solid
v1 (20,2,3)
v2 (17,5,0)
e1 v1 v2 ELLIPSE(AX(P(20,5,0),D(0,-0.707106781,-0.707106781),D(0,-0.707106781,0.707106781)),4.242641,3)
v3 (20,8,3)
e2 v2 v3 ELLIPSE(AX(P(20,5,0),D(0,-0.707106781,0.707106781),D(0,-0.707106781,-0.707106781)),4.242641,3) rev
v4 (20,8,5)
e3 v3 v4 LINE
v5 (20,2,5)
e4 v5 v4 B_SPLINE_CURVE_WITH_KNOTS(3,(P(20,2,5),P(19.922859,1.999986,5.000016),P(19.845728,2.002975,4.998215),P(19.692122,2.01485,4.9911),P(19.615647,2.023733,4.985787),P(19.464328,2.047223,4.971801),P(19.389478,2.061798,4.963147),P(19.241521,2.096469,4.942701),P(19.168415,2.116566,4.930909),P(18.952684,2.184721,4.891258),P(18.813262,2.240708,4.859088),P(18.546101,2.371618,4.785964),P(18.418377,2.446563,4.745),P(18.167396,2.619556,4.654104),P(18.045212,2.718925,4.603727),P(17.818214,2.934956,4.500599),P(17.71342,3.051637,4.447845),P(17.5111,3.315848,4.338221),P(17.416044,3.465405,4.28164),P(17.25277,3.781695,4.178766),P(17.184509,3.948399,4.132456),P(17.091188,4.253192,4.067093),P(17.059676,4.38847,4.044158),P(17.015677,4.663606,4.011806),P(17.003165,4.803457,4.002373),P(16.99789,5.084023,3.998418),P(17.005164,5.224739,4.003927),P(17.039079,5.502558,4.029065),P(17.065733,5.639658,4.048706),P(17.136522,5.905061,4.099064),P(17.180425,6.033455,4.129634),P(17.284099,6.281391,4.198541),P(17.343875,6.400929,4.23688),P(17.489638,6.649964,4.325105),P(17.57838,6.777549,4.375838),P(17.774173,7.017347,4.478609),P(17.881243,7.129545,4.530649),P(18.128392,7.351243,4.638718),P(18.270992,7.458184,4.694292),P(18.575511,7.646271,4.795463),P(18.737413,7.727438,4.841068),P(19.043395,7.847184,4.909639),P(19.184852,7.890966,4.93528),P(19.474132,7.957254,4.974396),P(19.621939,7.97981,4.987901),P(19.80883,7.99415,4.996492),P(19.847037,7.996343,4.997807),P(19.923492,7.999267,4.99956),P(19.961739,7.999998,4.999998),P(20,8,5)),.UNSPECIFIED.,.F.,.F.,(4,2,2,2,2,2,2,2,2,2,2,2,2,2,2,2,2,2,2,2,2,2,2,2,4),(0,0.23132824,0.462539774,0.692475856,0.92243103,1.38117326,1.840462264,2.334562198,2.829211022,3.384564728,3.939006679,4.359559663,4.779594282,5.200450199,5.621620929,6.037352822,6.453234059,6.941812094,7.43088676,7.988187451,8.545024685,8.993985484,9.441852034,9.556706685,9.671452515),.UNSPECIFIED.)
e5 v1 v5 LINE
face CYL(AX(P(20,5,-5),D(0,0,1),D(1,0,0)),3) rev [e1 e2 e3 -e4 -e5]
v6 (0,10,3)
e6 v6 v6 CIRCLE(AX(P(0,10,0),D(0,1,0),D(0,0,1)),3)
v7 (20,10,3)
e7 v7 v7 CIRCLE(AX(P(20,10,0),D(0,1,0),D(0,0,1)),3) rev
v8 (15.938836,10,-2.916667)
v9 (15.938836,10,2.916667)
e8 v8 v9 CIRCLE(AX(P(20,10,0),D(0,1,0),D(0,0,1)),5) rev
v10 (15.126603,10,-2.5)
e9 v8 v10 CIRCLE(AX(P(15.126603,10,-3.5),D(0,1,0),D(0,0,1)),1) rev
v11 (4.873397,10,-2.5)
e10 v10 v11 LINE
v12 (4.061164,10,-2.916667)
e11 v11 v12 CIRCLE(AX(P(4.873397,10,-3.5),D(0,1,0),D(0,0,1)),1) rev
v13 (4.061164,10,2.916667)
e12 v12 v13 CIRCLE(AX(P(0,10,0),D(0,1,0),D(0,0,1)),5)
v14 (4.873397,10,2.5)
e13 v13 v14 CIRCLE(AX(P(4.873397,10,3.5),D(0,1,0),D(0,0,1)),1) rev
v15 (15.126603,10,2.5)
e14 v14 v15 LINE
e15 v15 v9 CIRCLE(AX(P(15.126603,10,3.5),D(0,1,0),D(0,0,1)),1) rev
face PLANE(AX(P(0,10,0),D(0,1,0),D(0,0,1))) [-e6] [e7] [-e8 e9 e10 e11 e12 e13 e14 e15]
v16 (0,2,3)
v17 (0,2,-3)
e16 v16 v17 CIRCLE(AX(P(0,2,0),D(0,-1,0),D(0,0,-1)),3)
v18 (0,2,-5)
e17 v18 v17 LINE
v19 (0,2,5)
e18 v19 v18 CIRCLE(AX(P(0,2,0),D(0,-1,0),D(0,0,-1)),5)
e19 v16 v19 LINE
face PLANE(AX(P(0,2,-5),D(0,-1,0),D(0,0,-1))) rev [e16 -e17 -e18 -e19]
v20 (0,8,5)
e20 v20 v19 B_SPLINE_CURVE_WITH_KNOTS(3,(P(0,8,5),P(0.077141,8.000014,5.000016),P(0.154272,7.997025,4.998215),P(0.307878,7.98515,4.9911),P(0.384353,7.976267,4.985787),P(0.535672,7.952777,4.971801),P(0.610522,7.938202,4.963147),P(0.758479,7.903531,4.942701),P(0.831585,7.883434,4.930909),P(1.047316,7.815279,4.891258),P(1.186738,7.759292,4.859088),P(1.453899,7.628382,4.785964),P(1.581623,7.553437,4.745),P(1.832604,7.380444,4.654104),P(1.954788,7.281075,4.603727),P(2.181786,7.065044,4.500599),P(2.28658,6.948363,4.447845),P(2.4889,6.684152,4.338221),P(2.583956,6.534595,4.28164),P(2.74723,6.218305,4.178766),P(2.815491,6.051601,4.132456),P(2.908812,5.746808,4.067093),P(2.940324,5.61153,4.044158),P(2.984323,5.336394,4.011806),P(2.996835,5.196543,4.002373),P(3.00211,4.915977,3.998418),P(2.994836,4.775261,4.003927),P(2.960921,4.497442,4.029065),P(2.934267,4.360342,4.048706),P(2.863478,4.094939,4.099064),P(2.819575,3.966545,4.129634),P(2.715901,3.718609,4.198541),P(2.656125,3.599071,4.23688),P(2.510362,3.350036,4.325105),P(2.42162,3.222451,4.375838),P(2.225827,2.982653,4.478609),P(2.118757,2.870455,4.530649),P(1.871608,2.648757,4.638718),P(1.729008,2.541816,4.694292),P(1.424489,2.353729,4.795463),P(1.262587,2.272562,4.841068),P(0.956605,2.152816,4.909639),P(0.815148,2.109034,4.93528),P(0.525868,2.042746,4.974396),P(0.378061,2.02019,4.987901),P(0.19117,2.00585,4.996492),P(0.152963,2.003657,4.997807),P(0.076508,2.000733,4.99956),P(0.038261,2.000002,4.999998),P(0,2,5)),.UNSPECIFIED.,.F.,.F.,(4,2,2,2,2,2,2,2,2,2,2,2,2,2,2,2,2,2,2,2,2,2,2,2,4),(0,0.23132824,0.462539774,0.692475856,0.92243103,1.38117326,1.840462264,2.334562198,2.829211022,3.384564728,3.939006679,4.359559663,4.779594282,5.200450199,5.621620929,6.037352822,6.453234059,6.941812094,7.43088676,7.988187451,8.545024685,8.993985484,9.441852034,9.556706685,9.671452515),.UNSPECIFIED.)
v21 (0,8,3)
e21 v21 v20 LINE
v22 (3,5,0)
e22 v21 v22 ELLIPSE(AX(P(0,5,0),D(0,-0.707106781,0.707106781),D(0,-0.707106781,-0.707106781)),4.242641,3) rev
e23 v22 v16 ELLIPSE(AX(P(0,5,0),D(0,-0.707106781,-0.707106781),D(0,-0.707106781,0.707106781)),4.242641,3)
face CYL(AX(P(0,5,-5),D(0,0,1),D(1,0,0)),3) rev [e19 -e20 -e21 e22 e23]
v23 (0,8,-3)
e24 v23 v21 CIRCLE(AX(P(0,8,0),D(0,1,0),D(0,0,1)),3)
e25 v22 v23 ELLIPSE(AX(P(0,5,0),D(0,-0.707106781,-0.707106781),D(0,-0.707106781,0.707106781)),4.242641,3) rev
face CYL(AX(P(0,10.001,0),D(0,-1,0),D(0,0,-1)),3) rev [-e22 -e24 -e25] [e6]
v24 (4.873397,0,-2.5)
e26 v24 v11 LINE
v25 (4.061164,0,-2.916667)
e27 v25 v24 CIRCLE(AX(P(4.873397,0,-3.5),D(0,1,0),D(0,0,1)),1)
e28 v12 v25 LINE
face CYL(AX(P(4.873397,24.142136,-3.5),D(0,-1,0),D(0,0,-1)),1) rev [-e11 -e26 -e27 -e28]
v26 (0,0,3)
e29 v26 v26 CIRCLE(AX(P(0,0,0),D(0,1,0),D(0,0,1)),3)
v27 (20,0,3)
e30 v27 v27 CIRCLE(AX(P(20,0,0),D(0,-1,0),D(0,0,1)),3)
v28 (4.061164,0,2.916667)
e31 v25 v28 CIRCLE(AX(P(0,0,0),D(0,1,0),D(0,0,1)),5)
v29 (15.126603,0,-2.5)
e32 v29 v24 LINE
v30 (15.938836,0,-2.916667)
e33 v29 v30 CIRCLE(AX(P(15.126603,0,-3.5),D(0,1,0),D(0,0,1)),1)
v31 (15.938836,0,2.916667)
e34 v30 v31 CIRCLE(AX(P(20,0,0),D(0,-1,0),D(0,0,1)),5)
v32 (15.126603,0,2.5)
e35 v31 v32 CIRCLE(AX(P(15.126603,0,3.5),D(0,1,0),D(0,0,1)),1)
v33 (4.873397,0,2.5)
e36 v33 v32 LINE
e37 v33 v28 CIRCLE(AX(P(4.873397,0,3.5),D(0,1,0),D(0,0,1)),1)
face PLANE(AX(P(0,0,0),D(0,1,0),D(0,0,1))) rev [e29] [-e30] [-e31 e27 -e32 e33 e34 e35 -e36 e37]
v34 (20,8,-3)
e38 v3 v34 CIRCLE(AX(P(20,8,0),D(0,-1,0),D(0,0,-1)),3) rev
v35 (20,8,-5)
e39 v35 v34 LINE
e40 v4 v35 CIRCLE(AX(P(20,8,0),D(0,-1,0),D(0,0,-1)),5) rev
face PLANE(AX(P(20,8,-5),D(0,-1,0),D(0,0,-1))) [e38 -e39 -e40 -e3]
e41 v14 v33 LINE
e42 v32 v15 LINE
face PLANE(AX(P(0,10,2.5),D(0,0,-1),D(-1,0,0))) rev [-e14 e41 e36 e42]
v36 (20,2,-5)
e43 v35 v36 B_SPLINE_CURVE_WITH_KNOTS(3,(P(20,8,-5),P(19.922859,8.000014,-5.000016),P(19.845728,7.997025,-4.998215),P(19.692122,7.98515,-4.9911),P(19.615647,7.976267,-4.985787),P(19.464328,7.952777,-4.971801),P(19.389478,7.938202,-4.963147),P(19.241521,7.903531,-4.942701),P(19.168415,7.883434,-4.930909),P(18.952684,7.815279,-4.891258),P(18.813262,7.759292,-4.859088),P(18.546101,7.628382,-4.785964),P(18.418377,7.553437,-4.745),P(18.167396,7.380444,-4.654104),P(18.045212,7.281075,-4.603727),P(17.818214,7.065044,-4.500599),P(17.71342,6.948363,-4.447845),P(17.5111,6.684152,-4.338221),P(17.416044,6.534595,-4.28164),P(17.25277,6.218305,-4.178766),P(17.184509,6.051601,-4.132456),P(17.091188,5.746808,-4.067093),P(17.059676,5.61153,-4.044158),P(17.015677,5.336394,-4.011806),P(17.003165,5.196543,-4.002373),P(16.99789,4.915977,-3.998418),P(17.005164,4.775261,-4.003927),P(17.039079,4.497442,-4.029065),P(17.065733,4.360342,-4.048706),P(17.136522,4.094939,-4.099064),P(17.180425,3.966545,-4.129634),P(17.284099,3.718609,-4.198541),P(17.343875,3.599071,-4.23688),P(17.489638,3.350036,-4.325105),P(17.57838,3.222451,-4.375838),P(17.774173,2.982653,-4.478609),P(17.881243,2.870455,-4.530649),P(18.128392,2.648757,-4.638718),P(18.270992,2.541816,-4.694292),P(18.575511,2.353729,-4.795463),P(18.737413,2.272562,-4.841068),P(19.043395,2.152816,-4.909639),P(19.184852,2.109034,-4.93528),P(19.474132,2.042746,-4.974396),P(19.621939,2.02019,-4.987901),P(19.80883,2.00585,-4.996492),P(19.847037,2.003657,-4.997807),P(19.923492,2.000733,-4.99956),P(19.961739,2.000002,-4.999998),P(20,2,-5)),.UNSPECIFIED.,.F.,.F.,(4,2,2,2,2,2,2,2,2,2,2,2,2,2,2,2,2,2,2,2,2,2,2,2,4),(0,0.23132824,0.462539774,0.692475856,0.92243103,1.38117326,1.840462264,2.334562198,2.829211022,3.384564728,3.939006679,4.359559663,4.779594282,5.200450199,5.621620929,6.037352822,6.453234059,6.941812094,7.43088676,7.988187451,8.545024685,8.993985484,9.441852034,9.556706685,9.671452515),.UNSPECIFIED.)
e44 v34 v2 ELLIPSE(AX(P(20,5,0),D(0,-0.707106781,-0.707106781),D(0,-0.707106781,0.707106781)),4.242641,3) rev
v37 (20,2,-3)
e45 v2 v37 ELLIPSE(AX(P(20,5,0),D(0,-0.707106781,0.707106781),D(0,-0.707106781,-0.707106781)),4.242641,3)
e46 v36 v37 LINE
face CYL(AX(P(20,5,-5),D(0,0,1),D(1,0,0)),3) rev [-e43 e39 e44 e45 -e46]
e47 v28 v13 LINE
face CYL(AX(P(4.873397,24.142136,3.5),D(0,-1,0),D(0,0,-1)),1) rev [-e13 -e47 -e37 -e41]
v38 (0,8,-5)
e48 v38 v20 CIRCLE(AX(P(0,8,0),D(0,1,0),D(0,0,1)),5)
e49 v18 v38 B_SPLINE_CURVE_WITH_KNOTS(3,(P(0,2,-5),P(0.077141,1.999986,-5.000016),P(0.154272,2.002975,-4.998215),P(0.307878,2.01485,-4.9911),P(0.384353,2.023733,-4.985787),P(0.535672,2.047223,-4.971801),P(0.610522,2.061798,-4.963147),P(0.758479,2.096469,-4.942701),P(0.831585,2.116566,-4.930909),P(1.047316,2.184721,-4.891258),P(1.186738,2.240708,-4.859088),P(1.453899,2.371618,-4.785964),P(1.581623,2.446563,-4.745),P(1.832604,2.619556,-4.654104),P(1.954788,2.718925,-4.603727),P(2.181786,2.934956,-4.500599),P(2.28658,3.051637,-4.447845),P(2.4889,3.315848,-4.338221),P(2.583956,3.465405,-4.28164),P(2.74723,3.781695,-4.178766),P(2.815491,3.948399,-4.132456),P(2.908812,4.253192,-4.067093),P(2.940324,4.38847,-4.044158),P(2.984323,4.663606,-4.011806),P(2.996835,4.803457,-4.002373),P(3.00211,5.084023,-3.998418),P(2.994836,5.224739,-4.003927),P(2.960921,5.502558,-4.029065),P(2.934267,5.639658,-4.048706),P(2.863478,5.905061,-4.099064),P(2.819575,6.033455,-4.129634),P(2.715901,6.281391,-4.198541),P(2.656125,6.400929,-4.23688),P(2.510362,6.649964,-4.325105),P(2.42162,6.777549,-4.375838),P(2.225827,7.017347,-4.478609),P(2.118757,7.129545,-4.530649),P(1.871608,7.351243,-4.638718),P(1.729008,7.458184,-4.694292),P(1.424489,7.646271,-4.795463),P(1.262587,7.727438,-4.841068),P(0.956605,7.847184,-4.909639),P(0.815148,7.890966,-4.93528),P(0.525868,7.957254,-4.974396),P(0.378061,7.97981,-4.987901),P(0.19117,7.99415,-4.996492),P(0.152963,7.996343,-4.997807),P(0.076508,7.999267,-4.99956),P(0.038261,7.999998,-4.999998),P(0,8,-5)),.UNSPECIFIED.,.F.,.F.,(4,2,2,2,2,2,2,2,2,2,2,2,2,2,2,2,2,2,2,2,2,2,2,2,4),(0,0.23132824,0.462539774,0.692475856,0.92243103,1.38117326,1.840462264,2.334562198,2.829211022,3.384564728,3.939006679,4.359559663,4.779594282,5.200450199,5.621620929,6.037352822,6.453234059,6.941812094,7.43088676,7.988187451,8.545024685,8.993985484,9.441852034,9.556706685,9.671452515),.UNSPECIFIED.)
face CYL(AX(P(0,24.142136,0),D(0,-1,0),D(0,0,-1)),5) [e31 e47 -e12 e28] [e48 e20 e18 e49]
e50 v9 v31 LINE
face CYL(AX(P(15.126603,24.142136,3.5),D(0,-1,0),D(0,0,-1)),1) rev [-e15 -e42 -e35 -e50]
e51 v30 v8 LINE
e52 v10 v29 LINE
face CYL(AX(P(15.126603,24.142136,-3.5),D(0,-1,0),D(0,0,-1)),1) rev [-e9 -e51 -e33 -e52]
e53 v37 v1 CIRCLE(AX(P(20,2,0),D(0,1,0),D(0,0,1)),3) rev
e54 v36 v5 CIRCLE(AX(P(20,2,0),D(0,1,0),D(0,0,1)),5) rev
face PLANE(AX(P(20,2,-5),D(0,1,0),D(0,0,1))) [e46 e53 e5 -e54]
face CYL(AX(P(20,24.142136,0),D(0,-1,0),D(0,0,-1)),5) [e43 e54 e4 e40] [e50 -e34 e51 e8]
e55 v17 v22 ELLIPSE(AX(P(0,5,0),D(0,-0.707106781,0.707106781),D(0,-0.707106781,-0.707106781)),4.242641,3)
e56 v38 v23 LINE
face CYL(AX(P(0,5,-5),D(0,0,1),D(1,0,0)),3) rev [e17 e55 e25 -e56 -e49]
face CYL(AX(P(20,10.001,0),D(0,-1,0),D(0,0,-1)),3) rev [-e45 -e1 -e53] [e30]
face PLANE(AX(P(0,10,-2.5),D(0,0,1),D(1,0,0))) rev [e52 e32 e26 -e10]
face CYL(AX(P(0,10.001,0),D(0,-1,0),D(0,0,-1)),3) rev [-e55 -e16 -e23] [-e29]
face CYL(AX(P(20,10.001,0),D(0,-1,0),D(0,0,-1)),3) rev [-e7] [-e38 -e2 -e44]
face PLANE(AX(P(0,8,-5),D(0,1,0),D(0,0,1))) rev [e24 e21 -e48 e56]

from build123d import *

# Parameters (mm, degrees)
SKETCH1_W            = 10
SKETCH1_H            = 5
BOSS_EXTRUDE1_DEPTH  = 10
SKETCH2_R            = 5
BOSS_EXTRUDE2_DEPTH  = 10
CUT_EXTRUDE1_REACH   = 17
SKETCH3_R            = 3
CUT_EXTRUDE2_DEPTH   = 16
FILLET1_R            = 1
FILLET1_OF_MIRROR1_R = 1


with BuildPart() as part:
    # Sketch1 → Boss-Extrude1 (new body)
    with BuildSketch(Plane(origin=(0, 0, 0), x_dir=(1, 0, 0), z_dir=(0, 1, 0))):
        with Locations((5, 0)):
            Rectangle(SKETCH1_W, SKETCH1_H)
    boss_extrude1 = extrude(amount=BOSS_EXTRUDE1_DEPTH)

    # Sketch2 → Boss-Extrude2 (add)
    with BuildSketch(Plane(origin=(0, 0, 0), x_dir=(1, 0, 0), z_dir=(0, 1, 0))):
        Circle(SKETCH2_R)
    boss_extrude2 = extrude(amount=BOSS_EXTRUDE2_DEPTH)

    # Sketch3 → Cut-Extrude1 (cut, up to next)
    with BuildSketch(Plane(origin=(0, 0, 0), x_dir=(1, 0, 0), z_dir=(0, 1, 0)), mode=Mode.PRIVATE) as cut_extrude1_sk1:
        with Locations(Location((0, 0, 0), (0, 0, 270))):
            Circle(SKETCH3_R)
    cut_extrude1_tool1 = extrude(cut_extrude1_sk1.sketch, amount=CUT_EXTRUDE1_REACH, mode=Mode.PRIVATE) & part.part
    cut_extrude1 = cut_extrude1_tool1.solids().sort_by_distance((0, 0, 0))[0]
    add(cut_extrude1, mode=Mode.SUBTRACT)

    # Sketch4 → Cut-Extrude2 (cut, symmetric)
    with BuildSketch(Plane.XY):
        with BuildLine():
            Line((0, 8), (-5, 8))
            Line((-5, 8), (-5, 2))
            Line((-5, 2), (0, 2))
            ThreePointArc((0, 2), (3, 5), (0, 8))
        make_face()
    cut_extrude2 = extrude(amount=CUT_EXTRUDE2_DEPTH, both=True, mode=Mode.SUBTRACT)

    # Fillet1
    fillet1_edges = [part.edges().sort_by_distance(p)[0] for p in [
        (4.330127019, 5, 2.5),
        (4.330127019, 5, -2.5),
    ]]
    fillet(fillet1_edges, radius=FILLET1_R)

    # Mirror1: Boss-Extrude1, Boss-Extrude2, Cut-Extrude1, Cut-Extrude2 across plane
    add(boss_extrude1.mirror(Plane(origin=(10, 10, -2.5), x_dir=(0, 0, 1), z_dir=(-1, 0, 0))))
    add(boss_extrude2.mirror(Plane(origin=(10, 10, -2.5), x_dir=(0, 0, 1), z_dir=(-1, 0, 0))))
    add(cut_extrude1.mirror(Plane(origin=(10, 10, -2.5), x_dir=(0, 0, 1), z_dir=(-1, 0, 0))), mode=Mode.SUBTRACT)
    add(cut_extrude2.mirror(Plane(origin=(10, 10, -2.5), x_dir=(0, 0, 1), z_dir=(-1, 0, 0))), mode=Mode.SUBTRACT)

    # Fillet1 of Mirror1
    fillet1_of_mirror1_edges = [part.edges().sort_by_distance(p)[0] for p in [
        (15.669872981, 5, 2.5),
        (15.669872981, 5, -2.5),
    ]]
    fillet(fillet1_of_mirror1_edges, radius=FILLET1_OF_MIRROR1_R)


solid = part.part
